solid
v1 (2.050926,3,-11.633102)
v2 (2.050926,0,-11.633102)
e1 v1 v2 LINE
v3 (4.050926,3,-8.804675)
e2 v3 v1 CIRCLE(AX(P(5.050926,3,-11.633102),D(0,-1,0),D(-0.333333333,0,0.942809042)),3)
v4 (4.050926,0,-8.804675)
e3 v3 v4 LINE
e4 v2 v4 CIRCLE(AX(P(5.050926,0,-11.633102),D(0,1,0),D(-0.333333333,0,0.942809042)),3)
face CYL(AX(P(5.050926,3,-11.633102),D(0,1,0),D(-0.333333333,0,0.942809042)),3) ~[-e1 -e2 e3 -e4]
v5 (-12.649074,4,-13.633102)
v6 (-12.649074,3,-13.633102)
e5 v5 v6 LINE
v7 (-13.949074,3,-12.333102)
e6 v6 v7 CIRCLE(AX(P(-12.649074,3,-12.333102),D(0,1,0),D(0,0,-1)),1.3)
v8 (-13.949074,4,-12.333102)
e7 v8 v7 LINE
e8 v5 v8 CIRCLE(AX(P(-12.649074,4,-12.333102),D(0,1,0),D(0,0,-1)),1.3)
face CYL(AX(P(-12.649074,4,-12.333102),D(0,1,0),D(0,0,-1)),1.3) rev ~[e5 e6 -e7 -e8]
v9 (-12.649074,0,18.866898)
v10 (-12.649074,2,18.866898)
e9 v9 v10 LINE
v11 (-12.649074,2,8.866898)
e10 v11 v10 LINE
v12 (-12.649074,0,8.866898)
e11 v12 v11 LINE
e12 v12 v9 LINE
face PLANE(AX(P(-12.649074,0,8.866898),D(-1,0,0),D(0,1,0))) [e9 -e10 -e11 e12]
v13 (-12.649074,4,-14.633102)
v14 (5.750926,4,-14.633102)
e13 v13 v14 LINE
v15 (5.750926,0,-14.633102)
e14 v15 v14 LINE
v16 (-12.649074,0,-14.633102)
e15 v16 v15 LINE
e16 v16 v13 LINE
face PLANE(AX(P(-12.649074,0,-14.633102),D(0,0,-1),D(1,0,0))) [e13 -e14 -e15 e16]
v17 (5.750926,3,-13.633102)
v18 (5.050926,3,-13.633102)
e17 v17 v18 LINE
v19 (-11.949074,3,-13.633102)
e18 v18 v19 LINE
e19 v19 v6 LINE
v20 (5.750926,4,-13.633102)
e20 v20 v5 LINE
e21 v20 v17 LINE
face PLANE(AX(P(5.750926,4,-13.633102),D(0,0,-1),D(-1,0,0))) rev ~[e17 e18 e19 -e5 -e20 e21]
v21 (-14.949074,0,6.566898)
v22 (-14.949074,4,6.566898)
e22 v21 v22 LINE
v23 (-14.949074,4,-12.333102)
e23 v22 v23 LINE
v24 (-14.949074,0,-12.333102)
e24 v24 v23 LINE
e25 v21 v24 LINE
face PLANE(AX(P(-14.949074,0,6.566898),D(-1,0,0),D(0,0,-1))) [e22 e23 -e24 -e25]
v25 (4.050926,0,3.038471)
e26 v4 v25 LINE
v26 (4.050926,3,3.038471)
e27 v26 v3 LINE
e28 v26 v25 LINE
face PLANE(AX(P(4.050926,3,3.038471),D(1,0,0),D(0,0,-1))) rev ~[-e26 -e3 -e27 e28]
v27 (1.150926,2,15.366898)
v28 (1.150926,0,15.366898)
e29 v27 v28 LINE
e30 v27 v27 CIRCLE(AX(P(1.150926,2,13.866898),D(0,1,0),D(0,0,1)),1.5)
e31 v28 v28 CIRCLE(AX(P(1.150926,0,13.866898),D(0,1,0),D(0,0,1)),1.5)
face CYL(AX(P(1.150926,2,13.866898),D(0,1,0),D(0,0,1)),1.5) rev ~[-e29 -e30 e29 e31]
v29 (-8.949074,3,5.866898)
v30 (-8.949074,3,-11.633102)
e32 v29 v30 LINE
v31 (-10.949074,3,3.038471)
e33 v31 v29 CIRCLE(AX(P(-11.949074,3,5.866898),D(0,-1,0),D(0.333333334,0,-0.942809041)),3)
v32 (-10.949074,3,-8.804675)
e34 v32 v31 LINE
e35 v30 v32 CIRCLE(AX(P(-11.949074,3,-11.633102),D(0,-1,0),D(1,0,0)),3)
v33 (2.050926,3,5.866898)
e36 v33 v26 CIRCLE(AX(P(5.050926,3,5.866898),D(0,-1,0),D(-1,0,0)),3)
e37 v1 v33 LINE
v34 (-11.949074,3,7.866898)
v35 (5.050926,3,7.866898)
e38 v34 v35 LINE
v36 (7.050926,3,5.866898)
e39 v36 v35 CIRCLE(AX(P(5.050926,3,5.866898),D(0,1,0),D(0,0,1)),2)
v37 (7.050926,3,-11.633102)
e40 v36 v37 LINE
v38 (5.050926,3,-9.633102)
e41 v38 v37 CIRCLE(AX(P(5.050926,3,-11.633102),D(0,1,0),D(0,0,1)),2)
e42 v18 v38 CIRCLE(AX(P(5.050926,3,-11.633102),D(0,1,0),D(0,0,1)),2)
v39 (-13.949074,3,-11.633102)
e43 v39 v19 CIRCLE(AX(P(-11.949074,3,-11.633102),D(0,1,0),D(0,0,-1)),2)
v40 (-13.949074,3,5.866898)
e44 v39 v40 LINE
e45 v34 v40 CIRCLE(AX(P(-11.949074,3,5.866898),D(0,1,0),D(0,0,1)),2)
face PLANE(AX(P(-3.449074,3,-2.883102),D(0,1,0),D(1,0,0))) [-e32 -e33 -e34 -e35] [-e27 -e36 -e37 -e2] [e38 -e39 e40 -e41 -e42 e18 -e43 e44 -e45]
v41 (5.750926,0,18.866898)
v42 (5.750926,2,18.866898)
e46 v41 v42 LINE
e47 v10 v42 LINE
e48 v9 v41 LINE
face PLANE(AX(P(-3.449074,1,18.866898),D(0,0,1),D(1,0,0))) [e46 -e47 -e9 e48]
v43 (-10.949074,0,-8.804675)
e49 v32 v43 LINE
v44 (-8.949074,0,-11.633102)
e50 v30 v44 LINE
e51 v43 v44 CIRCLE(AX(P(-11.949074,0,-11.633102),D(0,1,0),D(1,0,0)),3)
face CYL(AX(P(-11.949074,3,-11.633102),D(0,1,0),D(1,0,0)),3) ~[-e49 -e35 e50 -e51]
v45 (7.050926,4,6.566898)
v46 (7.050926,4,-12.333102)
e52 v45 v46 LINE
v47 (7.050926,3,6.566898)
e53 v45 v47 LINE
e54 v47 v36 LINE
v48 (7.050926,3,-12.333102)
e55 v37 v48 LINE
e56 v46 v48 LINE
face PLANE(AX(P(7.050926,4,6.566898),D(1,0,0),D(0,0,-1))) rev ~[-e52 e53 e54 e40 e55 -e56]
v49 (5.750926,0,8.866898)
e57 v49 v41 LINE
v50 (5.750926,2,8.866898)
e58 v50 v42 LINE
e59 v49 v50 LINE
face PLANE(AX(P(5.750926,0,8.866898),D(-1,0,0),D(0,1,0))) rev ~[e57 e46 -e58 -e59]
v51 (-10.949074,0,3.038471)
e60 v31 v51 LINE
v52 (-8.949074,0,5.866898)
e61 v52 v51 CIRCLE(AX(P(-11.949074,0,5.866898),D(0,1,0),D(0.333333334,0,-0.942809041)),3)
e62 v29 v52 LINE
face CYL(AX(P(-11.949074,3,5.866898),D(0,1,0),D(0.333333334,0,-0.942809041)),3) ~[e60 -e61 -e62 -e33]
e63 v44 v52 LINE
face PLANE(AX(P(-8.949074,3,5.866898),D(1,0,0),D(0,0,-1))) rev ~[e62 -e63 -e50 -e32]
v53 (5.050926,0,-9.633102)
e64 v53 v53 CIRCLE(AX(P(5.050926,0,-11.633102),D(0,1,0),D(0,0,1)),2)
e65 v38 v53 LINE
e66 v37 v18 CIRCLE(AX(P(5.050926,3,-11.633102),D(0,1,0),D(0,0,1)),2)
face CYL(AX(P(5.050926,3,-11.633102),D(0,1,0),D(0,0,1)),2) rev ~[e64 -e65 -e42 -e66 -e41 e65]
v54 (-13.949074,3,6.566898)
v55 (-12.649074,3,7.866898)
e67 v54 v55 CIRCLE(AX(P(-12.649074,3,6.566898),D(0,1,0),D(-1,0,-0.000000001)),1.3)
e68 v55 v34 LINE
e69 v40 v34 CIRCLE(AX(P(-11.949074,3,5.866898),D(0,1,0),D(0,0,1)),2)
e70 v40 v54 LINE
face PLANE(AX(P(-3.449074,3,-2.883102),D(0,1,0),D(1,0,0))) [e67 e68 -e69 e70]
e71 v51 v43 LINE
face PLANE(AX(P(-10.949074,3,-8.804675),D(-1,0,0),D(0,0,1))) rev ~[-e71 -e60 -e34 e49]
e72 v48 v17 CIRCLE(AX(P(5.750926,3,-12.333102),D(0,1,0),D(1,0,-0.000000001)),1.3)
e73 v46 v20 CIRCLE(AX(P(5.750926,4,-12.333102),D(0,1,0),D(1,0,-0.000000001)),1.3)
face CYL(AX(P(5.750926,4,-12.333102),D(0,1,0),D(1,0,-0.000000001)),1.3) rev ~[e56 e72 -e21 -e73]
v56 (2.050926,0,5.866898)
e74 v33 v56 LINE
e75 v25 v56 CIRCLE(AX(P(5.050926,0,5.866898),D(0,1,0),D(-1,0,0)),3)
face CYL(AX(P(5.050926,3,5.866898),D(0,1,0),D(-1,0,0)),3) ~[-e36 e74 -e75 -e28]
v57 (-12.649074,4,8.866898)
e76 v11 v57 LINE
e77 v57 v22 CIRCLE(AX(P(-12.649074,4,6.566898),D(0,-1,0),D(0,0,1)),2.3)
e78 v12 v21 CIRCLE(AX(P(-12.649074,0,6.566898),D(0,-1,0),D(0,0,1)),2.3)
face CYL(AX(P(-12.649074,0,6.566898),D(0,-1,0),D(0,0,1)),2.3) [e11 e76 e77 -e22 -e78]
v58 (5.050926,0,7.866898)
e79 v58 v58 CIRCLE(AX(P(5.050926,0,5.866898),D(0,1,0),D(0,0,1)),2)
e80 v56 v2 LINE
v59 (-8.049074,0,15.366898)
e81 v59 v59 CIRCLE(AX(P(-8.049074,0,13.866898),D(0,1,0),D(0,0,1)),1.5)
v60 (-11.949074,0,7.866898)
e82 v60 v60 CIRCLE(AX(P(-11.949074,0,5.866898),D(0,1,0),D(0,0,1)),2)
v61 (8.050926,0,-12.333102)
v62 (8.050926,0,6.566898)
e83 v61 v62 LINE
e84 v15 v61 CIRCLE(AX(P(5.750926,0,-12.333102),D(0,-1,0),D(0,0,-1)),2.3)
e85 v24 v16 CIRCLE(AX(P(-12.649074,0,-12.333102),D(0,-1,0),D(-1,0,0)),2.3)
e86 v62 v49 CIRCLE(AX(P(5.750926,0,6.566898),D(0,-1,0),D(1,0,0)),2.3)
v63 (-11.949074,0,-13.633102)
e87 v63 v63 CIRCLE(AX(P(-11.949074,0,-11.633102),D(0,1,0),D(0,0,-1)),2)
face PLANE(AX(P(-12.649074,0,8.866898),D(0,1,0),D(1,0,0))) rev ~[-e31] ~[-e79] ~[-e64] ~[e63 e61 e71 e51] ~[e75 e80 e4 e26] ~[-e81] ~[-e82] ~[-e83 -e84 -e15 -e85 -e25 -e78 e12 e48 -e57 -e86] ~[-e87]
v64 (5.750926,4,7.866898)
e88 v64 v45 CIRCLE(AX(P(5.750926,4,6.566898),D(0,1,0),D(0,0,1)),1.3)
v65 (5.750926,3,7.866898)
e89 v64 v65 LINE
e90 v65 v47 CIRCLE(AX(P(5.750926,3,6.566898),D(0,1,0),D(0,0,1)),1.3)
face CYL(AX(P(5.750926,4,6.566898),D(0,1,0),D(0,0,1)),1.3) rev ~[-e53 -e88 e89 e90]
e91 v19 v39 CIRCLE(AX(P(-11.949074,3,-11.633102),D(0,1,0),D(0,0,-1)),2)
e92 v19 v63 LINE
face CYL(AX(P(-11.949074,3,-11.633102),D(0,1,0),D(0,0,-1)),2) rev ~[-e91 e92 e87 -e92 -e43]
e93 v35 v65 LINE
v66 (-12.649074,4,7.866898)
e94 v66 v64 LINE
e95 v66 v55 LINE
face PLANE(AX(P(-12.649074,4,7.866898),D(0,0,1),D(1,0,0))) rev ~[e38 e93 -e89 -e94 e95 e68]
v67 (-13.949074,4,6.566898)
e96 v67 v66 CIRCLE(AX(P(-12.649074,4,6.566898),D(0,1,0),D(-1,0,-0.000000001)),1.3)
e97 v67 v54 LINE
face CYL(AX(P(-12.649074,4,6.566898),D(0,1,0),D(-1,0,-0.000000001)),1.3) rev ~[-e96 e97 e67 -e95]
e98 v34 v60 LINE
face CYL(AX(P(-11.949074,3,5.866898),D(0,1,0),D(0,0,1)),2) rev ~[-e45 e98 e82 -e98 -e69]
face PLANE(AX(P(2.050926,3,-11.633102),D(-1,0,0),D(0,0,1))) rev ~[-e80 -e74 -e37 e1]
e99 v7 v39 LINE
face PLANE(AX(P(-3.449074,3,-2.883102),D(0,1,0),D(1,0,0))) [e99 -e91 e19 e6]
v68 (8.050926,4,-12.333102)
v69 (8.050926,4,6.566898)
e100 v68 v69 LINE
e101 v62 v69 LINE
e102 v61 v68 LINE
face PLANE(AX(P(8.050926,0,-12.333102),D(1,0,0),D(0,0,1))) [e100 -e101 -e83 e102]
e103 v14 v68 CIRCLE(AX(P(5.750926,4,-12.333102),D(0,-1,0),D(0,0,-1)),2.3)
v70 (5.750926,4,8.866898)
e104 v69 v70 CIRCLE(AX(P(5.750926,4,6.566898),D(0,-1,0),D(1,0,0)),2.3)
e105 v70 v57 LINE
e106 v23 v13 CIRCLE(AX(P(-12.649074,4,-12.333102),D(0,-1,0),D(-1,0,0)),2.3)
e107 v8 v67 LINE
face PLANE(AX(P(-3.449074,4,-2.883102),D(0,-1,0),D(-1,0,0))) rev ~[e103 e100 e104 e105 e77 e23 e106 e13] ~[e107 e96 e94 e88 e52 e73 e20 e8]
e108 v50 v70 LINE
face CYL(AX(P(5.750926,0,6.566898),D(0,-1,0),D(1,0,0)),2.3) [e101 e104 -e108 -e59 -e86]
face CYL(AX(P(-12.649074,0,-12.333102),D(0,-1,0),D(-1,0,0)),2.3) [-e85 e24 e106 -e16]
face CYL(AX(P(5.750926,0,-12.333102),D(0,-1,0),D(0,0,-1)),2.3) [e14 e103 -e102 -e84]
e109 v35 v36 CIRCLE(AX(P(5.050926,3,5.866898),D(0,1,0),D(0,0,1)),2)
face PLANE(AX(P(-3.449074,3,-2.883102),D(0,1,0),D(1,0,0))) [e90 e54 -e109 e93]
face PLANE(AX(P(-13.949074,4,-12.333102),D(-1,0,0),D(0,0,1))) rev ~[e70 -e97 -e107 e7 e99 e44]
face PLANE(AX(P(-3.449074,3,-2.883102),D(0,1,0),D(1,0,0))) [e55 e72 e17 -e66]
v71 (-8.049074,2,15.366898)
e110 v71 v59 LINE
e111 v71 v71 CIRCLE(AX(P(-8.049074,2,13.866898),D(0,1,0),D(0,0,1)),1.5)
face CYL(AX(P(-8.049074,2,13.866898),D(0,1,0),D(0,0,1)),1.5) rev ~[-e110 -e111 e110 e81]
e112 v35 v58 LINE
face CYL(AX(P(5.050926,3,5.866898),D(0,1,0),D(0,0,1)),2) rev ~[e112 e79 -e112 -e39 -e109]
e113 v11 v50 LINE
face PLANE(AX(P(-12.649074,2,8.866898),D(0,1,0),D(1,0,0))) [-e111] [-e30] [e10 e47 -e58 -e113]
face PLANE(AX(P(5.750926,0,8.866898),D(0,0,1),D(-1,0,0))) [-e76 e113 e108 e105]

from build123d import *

# Parameters (mm, degrees)
BOSS_EXTRUDE1_DEPTH = 4
CUT_EXTRUDE2_DEPTH  = 1
SKETCH5_R           = 2
CUT_EXTRUDE3_DEPTH  = 22.132971525
CUT_EXTRUDE4_DEPTH  = 22.132971525
SKETCH7_W           = 18.4
SKETCH7_H           = 2
BOSS_EXTRUDE2_DEPTH = 10
SKETCH8_R           = 1.5
CUT_EXTRUDE5_DEPTH  = 25.154392176


with BuildPart() as part:
    # Sketch1 → Boss-Extrude1 (new body)
    with BuildSketch(Plane(origin=(0, 0, 0), x_dir=(1, 0, 0), z_dir=(0, 1, 0))):
        with BuildLine():
            Line((-12.649074074, 14.633101852), (5.750925926, 14.633101852))
            ThreePointArc((5.750925926, 14.633101852), (7.377271523, 13.959447449), (8.050925926, 12.333101852))
            Line((8.050925926, 12.333101852), (8.050925926, -6.566898148))
            ThreePointArc((8.050925926, -6.566898148), (7.377271523, -8.193243745), (5.750925926, -8.866898148))
            Line((5.750925926, -8.866898148), (-12.649074074, -8.866898148))
            ThreePointArc((-12.649074074, -8.866898148), (-14.275419671, -8.193243745), (-14.949074074, -6.566898148))
            Line((-14.949074074, -6.566898148), (-14.949074074, 12.333101852))
            ThreePointArc((-14.949074074, 12.333101852), (-14.275419671, 13.959447449), (-12.649074074, 14.633101852))
        make_face()
    extrude(amount=BOSS_EXTRUDE1_DEPTH)

    # Sketch2 → Cut-Extrude2 (cut)
    with BuildSketch(Plane(origin=(0, 4, 0), x_dir=(1, 0, 0), z_dir=(0, 1, 0))):
        with BuildLine():
            Line((5.750925926, 13.633101852), (-12.649074074, 13.633101852))
            ThreePointArc((-12.649074074, 13.633101852), (-13.56831289, 13.252340667), (-13.949074074, 12.333101852))
            Line((-13.949074074, 12.333101852), (-13.949074074, -6.566898148))
            ThreePointArc((-13.949074074, -6.566898148), (-13.56831289, -7.486136964), (-12.649074074, -7.866898148))
            Line((-12.649074074, -7.866898148), (5.750925926, -7.866898148))
            ThreePointArc((5.750925926, -7.866898148), (6.670164741, -7.486136964), (7.050925926, -6.566898148))
            Line((7.050925926, -6.566898148), (7.050925926, 12.333101852))
            ThreePointArc((7.050925926, 12.333101852), (6.670164741, 13.252340667), (5.750925926, 13.633101852))
        make_face()
    extrude(amount=-CUT_EXTRUDE2_DEPTH, mode=Mode.SUBTRACT)

    # Sketch5 → Cut-Extrude3 (cut, through all)
    with BuildSketch(Plane(origin=(0, 3, 0), x_dir=(1, 0, 0), z_dir=(0, 1, 0))):
        with Locations(Location((5.050925926, 11.633101852, 0), (0, 0, 270))):
            Circle(SKETCH5_R)
        with Locations(Location((5.050925926, -5.866898148, 0), (0, 0, 270))):
            Circle(SKETCH5_R)
        with Locations(Location((-11.949074074, -5.866898148, 0), (0, 0, 270))):
            Circle(SKETCH5_R)
        with Locations(Location((-11.949074074, 11.633101852, 0), (0, 0, 90))):
            Circle(SKETCH5_R)
    extrude(amount=-CUT_EXTRUDE3_DEPTH, mode=Mode.SUBTRACT)

    # Sketch6 → Cut-Extrude4 (cut, through all)
    with BuildSketch(Plane(origin=(0, 3, 0), x_dir=(1, 0, 0), z_dir=(0, 1, 0))):
        with BuildLine():
            Line((4.050925926, -3.038471023), (4.050925926, 8.804674727))
            ThreePointArc((4.050925926, 8.804674727), (2.601436183, 9.901051044), (2.050925926, 11.633101852))
            Line((2.050925926, 11.633101852), (2.050925926, -5.866898148))
            ThreePointArc((2.050925926, -5.866898148), (2.601436183, -4.134847341), (4.050925926, -3.038471023))
        make_face()
        with BuildLine():
            Line((-10.949074074, 8.804674727), (-10.949074074, -3.038471023))
            ThreePointArc((-10.949074074, -3.038471023), (-9.499584331, -4.134847341), (-8.949074074, -5.866898148))
            Line((-8.949074074, -5.866898148), (-8.949074074, 11.633101852))
            ThreePointArc((-8.949074074, 11.633101852), (-9.499584331, 9.901051044), (-10.949074074, 8.804674727))
        make_face()
    extrude(amount=-CUT_EXTRUDE4_DEPTH, mode=Mode.SUBTRACT)

    # Sketch7 → Boss-Extrude2 (add)
    with BuildSketch(Plane.XY.offset(8.866898148)):
        with Locations((-3.449074074, 1)):
            Rectangle(SKETCH7_W, SKETCH7_H)
    extrude(amount=BOSS_EXTRUDE2_DEPTH)

    # Sketch8 → Cut-Extrude5 (cut, through all)
    with BuildSketch(Plane(origin=(0, 2, 0), x_dir=(1, 0, 0), z_dir=(0, 1, 0))):
        with Locations(Location((1.150925926, -13.866898148, 0), (0, 0, 270))):
            Circle(SKETCH8_R)
        with Locations(Location((-8.049074074, -13.866898148, 0), (0, 0, 270))):
            Circle(SKETCH8_R)
    extrude(amount=-CUT_EXTRUDE5_DEPTH, mode=Mode.SUBTRACT)


solid = part.part
